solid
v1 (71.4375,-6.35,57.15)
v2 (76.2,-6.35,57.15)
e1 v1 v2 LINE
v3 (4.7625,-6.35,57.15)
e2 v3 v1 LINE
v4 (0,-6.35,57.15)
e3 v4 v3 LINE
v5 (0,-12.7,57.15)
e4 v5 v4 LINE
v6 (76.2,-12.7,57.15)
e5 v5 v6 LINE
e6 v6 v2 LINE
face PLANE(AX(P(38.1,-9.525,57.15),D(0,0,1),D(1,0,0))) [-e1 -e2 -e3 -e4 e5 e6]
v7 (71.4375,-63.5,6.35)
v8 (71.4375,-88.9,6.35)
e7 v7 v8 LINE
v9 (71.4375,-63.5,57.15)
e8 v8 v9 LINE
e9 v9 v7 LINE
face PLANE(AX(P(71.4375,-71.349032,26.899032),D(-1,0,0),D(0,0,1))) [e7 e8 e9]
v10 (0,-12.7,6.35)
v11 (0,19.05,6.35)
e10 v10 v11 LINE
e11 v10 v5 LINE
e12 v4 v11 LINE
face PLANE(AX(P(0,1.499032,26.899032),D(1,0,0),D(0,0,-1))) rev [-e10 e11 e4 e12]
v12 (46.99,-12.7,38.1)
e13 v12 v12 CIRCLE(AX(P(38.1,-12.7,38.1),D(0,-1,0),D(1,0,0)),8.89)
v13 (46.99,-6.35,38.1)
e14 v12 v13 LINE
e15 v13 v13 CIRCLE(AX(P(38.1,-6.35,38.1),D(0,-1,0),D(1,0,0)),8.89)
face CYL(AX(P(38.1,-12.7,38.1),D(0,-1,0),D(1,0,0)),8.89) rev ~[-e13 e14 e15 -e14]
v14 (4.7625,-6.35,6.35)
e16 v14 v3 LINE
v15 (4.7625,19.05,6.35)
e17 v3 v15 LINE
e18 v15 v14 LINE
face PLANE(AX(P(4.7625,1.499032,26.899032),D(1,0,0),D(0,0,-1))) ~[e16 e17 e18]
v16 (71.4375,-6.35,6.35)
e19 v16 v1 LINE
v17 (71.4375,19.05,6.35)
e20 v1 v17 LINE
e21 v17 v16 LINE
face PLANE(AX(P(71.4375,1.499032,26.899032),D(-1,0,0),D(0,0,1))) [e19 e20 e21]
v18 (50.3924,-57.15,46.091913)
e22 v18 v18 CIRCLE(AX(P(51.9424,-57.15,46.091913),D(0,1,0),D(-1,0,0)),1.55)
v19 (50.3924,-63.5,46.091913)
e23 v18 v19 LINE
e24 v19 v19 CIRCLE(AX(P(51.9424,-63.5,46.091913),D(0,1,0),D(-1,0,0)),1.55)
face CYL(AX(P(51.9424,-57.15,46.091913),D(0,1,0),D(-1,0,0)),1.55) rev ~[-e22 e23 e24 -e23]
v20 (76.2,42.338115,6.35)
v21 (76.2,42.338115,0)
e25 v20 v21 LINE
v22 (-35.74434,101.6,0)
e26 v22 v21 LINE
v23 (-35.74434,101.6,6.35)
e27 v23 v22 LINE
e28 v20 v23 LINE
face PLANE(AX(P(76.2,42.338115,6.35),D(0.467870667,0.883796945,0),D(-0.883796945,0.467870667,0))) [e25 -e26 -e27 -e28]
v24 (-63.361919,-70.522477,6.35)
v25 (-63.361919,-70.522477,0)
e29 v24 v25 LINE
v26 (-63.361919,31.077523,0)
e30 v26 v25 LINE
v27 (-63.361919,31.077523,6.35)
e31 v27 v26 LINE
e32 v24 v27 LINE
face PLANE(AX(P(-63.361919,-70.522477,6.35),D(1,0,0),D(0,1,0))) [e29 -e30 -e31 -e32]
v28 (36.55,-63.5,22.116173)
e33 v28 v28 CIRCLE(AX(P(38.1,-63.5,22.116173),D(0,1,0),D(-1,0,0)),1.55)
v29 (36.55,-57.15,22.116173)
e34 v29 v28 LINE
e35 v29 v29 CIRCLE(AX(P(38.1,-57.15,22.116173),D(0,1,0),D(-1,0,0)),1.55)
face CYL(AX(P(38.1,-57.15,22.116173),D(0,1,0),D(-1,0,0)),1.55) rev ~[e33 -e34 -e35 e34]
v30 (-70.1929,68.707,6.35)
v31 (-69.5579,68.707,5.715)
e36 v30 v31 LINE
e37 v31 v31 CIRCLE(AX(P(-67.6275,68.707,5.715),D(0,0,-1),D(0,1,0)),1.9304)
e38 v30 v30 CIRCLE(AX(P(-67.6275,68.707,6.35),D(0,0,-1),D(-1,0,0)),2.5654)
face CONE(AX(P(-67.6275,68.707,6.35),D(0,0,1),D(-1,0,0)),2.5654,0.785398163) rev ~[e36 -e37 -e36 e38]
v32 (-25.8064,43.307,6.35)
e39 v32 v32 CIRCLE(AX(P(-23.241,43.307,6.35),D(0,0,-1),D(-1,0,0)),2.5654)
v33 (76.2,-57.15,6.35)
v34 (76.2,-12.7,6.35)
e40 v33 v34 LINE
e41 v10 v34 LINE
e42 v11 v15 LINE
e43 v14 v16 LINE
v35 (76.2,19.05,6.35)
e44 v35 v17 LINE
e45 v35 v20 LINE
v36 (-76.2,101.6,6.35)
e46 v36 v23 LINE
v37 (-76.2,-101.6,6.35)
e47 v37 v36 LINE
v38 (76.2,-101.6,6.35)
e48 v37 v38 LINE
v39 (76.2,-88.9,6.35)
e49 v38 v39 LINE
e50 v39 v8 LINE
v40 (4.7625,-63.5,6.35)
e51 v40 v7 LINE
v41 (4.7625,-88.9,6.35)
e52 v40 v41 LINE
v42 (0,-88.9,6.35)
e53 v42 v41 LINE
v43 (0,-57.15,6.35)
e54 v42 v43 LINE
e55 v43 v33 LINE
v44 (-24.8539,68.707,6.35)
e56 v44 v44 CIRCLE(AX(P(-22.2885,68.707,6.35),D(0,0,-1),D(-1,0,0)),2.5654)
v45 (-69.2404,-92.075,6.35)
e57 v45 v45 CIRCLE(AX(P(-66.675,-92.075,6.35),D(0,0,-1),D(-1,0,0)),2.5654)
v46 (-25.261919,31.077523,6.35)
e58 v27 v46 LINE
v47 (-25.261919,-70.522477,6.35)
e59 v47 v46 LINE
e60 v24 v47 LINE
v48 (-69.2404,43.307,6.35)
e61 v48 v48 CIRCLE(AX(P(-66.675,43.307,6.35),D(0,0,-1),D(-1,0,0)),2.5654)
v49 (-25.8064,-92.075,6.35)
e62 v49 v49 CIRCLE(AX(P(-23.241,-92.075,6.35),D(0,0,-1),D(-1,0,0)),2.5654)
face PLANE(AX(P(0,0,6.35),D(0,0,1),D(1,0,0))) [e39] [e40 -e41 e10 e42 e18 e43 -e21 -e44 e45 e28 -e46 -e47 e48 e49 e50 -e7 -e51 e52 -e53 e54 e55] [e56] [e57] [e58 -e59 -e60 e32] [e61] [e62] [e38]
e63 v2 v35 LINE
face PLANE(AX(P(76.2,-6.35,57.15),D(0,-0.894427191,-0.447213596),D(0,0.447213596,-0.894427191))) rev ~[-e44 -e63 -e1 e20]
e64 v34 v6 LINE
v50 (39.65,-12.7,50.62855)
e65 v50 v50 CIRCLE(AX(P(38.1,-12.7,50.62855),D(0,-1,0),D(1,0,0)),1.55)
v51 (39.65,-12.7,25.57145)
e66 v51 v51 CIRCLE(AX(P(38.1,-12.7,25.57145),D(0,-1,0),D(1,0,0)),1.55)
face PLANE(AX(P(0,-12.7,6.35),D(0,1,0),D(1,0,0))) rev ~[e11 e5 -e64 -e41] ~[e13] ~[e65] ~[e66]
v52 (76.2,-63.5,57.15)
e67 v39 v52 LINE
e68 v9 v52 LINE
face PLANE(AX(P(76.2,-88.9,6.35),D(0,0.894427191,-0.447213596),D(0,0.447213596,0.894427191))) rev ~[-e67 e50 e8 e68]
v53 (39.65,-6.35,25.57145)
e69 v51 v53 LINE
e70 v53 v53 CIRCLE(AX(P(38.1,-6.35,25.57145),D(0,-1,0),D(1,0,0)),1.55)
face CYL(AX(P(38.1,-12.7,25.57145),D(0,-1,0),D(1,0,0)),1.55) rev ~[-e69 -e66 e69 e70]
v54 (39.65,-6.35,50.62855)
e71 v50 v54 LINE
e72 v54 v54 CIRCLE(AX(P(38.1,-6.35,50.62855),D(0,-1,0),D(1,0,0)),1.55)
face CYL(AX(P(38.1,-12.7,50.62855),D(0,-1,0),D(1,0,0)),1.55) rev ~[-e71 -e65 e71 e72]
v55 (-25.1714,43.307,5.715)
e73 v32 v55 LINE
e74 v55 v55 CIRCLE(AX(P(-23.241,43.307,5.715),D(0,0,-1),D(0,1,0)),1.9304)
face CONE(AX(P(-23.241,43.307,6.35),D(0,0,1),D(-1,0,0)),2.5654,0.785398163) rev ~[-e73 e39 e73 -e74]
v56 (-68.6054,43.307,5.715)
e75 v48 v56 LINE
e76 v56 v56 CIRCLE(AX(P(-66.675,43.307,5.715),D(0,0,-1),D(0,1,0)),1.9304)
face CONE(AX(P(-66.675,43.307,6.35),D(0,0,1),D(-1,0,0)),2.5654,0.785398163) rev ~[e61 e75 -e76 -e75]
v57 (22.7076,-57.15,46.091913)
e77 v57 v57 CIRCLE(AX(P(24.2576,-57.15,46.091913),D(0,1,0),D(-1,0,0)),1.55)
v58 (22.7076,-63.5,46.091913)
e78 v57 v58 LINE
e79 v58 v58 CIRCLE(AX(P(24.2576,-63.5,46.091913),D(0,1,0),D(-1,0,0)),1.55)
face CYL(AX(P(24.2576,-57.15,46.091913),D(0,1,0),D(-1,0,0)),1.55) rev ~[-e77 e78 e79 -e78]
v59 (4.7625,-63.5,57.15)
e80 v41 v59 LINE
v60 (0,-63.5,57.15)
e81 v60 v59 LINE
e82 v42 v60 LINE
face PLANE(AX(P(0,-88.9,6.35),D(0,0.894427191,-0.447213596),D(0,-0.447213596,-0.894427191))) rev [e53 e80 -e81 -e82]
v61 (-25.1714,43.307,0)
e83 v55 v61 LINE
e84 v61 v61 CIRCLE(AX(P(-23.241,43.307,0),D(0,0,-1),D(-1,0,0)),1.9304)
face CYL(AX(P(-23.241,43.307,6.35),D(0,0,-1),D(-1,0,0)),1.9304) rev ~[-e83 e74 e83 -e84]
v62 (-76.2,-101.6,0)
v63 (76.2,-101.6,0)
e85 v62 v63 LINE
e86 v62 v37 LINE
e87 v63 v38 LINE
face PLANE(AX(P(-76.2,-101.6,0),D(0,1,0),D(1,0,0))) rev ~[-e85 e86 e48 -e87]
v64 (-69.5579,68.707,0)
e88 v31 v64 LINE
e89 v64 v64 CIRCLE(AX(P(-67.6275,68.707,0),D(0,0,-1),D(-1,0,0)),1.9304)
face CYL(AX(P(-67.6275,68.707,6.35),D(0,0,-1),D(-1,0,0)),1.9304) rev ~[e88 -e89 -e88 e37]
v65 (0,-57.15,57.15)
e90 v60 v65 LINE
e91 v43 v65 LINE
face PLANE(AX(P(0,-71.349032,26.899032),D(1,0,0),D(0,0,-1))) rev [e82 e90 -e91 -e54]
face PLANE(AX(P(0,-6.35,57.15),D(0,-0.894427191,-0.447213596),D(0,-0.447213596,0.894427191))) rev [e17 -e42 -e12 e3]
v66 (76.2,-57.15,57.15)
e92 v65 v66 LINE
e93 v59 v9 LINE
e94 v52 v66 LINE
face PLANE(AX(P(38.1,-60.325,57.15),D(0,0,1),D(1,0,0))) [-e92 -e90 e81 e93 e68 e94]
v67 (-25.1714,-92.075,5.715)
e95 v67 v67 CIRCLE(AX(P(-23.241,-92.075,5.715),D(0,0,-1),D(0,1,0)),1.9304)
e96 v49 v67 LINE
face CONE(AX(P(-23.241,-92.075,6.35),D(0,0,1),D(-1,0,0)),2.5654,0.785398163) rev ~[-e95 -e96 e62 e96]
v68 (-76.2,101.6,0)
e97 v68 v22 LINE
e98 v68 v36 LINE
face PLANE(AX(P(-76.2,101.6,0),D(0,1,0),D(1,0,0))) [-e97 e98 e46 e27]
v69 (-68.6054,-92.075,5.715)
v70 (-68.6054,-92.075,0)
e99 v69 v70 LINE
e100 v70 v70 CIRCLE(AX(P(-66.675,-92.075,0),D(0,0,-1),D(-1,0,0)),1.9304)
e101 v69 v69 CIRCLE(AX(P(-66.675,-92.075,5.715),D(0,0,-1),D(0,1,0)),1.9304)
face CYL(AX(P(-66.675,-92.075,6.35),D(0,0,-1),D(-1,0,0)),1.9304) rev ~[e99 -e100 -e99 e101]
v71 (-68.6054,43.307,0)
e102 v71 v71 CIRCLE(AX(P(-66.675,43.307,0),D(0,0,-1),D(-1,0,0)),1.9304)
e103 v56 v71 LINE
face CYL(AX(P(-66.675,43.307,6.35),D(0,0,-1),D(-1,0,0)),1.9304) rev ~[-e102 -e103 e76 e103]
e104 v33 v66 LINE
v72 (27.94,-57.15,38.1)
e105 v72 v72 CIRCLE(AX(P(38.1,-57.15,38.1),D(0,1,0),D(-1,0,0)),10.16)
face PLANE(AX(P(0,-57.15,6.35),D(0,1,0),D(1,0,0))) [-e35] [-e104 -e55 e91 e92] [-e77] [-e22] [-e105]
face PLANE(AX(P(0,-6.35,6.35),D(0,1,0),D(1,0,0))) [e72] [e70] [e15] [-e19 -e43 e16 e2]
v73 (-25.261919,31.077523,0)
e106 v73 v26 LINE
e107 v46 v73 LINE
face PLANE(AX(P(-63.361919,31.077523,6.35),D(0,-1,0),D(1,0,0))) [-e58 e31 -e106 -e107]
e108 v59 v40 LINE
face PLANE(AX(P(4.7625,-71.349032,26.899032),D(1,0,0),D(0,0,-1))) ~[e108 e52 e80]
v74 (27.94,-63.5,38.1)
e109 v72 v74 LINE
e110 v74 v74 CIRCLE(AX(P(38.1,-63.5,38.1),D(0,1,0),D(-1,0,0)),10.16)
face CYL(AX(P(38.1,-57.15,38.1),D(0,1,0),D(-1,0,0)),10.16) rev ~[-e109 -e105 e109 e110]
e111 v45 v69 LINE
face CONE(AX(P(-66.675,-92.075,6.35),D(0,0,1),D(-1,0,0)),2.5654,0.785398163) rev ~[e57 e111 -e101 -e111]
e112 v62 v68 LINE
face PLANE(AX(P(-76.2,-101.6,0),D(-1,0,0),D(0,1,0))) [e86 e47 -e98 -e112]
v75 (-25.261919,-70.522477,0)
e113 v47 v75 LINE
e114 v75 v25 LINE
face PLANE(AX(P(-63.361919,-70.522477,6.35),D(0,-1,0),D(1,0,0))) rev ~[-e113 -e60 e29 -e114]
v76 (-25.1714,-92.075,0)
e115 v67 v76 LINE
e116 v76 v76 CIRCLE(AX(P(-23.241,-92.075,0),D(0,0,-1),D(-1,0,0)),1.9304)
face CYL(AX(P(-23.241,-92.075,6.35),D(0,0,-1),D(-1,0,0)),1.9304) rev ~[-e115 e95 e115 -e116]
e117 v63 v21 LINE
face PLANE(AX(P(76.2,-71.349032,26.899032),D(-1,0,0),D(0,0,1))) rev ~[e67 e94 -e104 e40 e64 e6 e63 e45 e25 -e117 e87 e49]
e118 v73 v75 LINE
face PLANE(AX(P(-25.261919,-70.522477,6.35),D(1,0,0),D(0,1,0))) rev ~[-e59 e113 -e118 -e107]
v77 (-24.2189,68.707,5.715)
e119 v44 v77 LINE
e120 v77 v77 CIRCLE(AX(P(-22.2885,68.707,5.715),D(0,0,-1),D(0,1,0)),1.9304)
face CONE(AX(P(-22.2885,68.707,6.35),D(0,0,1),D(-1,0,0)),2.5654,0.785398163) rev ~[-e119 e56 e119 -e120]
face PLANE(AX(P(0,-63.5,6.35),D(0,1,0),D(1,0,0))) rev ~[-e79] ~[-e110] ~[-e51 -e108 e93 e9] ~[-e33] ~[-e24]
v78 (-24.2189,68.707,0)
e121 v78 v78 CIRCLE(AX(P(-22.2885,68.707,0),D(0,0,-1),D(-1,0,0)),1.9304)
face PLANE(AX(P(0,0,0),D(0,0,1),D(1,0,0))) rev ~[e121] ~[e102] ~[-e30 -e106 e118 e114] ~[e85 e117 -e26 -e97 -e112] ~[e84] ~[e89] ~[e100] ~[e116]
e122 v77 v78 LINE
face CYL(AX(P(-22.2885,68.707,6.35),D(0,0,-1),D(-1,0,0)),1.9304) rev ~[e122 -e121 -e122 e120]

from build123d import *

# Parameters (mm, degrees)
SKETCH1_W                             = 152.4
SKETCH1_H                             = 203.2
BASE_DEPTH                            = 6.35
SKETCH2_W                             = 76.2
SKETCH2_H                             = 6.35
MOUNT_WALLS_DEPTH                     = 50.8
MOUNT_SUPPORT_DEPTH                   = 4.7625
F_24_0_152_DIAMETER_HOLE1_D           = 3.8608
F_24_0_152_DIAMETER_HOLE1_CSINK_D     = 5.1308
F_24_0_152_DIAMETER_HOLE1_CSINK_ANGLE = 90
SKETCH6_R                             = 8.89
SKETCH6_R_2                           = 1.55
CUT_EXTRUDE1_DEPTH                    = 149.785256326
SKETCH7_R                             = 10.16
SKETCH7_R_2                           = 1.55
CUT_EXTRUDE2_DEPTH                    = 6.35
CUT_EXTRUDE3_REACH                    = 138.783
SKETCH8_W                             = 38.1
SKETCH8_H                             = 101.6


with BuildPart() as part:
    # Sketch1 → base (new body)
    with BuildSketch(Plane.XY):
        Rectangle(SKETCH1_W, SKETCH1_H)
    extrude(amount=BASE_DEPTH)

    # Sketch2 → mount walls (add)
    with BuildSketch(Plane.XY.offset(6.35)):
        with Locations((38.1, -9.525)):
            Rectangle(SKETCH2_W, SKETCH2_H)
        with Locations((38.1, -60.325)):
            Rectangle(SKETCH2_W, SKETCH2_H)
    extrude(amount=MOUNT_WALLS_DEPTH)

    # Sketch3 → mount support (add)
    with BuildSketch(Plane(origin=(76.2, 0, 0), x_dir=(0, 0, -1), z_dir=(1, 0, 0))):
        Polygon((-6.35, -88.9), (-57.15, -63.5), (-6.35, -63.5), align=None)
        Polygon((-57.15, -6.35), (-6.35, 19.05), (-6.35, -6.35), align=None)
    mount_support = extrude(amount=-MOUNT_SUPPORT_DEPTH)

    # Mirror1: mount support across plane
    add(mount_support.mirror(Plane(origin=(38.1, 0, 0), x_dir=(0, 0, 1), z_dir=(1, 0, 0))))

    # #24 (0.152) Diameter Hole1 (through all)
    with Locations(Plane.XY.offset(6.35)):
        with Locations((-66.675, -92.075), (-66.675, 43.307), (-23.241, 43.307), (-23.241, -92.075), (-67.6275, 68.707), (-22.2885, 68.707)):
            CounterSinkHole(F_24_0_152_DIAMETER_HOLE1_D / 2, F_24_0_152_DIAMETER_HOLE1_CSINK_D / 2, counter_sink_angle=F_24_0_152_DIAMETER_HOLE1_CSINK_ANGLE)

    # Sketch6 → Cut-Extrude1 (cut, through all)
    with BuildSketch(Plane.XZ.offset(12.7)):
        with Locations((38.1, 38.1)):
            Circle(SKETCH6_R)
        with Locations((38.1, 50.62855)):
            Circle(SKETCH6_R_2)
        with Locations((38.1, 25.57145)):
            Circle(SKETCH6_R_2)
    extrude(amount=-CUT_EXTRUDE1_DEPTH, mode=Mode.SUBTRACT)

    # Sketch7 → Cut-Extrude2 (cut)
    with BuildSketch(Plane(origin=(0, -57.15, 0), x_dir=(1, 0, 0), z_dir=(0, 1, 0))):
        with Locations(Location((38.1, -38.1, 0), (0, 0, 180))):
            Circle(SKETCH7_R)
        with Locations(Location((24.2576, -46.091913366, 0), (0, 0, 180))):
            Circle(SKETCH7_R_2)
        with Locations(Location((38.1, -22.116173268, 0), (0, 0, 180))):
            Circle(SKETCH7_R_2)
        with Locations(Location((51.9424, -46.091913366, 0), (0, 0, 180))):
            Circle(SKETCH7_R_2)
    extrude(amount=-CUT_EXTRUDE2_DEPTH, mode=Mode.SUBTRACT)

    # Sketch8 → Cut-Extrude3 (cut, up to next)
    with BuildSketch(Plane.XY.offset(6.35), mode=Mode.PRIVATE) as cut_extrude3_sk1:
        Polygon((76.2, 42.338114892), (-35.744340046, 101.6), (76.2, 101.6), align=None)
    cut_extrude3_tool1 = extrude(cut_extrude3_sk1.sketch, amount=-CUT_EXTRUDE3_REACH, mode=Mode.PRIVATE) & part.part
    # Sketch8 → Cut-Extrude3 (cut, up to next)
    with BuildSketch(Plane.XY.offset(6.35), mode=Mode.PRIVATE) as cut_extrude3_sk2:
        with Locations((-44.31191896, -19.722477487)):
            Rectangle(SKETCH8_W, SKETCH8_H)
    cut_extrude3_tool2 = extrude(cut_extrude3_sk2.sketch, amount=-CUT_EXTRUDE3_REACH, mode=Mode.PRIVATE) & part.part
    add(cut_extrude3_tool1.solids().sort_by_distance((38.88522, 81.846038, 6.35))[0], mode=Mode.SUBTRACT)
    add(cut_extrude3_tool2.solids().sort_by_distance((-44.311919, -19.722477, 6.35))[0], mode=Mode.SUBTRACT)


solid = part.part
